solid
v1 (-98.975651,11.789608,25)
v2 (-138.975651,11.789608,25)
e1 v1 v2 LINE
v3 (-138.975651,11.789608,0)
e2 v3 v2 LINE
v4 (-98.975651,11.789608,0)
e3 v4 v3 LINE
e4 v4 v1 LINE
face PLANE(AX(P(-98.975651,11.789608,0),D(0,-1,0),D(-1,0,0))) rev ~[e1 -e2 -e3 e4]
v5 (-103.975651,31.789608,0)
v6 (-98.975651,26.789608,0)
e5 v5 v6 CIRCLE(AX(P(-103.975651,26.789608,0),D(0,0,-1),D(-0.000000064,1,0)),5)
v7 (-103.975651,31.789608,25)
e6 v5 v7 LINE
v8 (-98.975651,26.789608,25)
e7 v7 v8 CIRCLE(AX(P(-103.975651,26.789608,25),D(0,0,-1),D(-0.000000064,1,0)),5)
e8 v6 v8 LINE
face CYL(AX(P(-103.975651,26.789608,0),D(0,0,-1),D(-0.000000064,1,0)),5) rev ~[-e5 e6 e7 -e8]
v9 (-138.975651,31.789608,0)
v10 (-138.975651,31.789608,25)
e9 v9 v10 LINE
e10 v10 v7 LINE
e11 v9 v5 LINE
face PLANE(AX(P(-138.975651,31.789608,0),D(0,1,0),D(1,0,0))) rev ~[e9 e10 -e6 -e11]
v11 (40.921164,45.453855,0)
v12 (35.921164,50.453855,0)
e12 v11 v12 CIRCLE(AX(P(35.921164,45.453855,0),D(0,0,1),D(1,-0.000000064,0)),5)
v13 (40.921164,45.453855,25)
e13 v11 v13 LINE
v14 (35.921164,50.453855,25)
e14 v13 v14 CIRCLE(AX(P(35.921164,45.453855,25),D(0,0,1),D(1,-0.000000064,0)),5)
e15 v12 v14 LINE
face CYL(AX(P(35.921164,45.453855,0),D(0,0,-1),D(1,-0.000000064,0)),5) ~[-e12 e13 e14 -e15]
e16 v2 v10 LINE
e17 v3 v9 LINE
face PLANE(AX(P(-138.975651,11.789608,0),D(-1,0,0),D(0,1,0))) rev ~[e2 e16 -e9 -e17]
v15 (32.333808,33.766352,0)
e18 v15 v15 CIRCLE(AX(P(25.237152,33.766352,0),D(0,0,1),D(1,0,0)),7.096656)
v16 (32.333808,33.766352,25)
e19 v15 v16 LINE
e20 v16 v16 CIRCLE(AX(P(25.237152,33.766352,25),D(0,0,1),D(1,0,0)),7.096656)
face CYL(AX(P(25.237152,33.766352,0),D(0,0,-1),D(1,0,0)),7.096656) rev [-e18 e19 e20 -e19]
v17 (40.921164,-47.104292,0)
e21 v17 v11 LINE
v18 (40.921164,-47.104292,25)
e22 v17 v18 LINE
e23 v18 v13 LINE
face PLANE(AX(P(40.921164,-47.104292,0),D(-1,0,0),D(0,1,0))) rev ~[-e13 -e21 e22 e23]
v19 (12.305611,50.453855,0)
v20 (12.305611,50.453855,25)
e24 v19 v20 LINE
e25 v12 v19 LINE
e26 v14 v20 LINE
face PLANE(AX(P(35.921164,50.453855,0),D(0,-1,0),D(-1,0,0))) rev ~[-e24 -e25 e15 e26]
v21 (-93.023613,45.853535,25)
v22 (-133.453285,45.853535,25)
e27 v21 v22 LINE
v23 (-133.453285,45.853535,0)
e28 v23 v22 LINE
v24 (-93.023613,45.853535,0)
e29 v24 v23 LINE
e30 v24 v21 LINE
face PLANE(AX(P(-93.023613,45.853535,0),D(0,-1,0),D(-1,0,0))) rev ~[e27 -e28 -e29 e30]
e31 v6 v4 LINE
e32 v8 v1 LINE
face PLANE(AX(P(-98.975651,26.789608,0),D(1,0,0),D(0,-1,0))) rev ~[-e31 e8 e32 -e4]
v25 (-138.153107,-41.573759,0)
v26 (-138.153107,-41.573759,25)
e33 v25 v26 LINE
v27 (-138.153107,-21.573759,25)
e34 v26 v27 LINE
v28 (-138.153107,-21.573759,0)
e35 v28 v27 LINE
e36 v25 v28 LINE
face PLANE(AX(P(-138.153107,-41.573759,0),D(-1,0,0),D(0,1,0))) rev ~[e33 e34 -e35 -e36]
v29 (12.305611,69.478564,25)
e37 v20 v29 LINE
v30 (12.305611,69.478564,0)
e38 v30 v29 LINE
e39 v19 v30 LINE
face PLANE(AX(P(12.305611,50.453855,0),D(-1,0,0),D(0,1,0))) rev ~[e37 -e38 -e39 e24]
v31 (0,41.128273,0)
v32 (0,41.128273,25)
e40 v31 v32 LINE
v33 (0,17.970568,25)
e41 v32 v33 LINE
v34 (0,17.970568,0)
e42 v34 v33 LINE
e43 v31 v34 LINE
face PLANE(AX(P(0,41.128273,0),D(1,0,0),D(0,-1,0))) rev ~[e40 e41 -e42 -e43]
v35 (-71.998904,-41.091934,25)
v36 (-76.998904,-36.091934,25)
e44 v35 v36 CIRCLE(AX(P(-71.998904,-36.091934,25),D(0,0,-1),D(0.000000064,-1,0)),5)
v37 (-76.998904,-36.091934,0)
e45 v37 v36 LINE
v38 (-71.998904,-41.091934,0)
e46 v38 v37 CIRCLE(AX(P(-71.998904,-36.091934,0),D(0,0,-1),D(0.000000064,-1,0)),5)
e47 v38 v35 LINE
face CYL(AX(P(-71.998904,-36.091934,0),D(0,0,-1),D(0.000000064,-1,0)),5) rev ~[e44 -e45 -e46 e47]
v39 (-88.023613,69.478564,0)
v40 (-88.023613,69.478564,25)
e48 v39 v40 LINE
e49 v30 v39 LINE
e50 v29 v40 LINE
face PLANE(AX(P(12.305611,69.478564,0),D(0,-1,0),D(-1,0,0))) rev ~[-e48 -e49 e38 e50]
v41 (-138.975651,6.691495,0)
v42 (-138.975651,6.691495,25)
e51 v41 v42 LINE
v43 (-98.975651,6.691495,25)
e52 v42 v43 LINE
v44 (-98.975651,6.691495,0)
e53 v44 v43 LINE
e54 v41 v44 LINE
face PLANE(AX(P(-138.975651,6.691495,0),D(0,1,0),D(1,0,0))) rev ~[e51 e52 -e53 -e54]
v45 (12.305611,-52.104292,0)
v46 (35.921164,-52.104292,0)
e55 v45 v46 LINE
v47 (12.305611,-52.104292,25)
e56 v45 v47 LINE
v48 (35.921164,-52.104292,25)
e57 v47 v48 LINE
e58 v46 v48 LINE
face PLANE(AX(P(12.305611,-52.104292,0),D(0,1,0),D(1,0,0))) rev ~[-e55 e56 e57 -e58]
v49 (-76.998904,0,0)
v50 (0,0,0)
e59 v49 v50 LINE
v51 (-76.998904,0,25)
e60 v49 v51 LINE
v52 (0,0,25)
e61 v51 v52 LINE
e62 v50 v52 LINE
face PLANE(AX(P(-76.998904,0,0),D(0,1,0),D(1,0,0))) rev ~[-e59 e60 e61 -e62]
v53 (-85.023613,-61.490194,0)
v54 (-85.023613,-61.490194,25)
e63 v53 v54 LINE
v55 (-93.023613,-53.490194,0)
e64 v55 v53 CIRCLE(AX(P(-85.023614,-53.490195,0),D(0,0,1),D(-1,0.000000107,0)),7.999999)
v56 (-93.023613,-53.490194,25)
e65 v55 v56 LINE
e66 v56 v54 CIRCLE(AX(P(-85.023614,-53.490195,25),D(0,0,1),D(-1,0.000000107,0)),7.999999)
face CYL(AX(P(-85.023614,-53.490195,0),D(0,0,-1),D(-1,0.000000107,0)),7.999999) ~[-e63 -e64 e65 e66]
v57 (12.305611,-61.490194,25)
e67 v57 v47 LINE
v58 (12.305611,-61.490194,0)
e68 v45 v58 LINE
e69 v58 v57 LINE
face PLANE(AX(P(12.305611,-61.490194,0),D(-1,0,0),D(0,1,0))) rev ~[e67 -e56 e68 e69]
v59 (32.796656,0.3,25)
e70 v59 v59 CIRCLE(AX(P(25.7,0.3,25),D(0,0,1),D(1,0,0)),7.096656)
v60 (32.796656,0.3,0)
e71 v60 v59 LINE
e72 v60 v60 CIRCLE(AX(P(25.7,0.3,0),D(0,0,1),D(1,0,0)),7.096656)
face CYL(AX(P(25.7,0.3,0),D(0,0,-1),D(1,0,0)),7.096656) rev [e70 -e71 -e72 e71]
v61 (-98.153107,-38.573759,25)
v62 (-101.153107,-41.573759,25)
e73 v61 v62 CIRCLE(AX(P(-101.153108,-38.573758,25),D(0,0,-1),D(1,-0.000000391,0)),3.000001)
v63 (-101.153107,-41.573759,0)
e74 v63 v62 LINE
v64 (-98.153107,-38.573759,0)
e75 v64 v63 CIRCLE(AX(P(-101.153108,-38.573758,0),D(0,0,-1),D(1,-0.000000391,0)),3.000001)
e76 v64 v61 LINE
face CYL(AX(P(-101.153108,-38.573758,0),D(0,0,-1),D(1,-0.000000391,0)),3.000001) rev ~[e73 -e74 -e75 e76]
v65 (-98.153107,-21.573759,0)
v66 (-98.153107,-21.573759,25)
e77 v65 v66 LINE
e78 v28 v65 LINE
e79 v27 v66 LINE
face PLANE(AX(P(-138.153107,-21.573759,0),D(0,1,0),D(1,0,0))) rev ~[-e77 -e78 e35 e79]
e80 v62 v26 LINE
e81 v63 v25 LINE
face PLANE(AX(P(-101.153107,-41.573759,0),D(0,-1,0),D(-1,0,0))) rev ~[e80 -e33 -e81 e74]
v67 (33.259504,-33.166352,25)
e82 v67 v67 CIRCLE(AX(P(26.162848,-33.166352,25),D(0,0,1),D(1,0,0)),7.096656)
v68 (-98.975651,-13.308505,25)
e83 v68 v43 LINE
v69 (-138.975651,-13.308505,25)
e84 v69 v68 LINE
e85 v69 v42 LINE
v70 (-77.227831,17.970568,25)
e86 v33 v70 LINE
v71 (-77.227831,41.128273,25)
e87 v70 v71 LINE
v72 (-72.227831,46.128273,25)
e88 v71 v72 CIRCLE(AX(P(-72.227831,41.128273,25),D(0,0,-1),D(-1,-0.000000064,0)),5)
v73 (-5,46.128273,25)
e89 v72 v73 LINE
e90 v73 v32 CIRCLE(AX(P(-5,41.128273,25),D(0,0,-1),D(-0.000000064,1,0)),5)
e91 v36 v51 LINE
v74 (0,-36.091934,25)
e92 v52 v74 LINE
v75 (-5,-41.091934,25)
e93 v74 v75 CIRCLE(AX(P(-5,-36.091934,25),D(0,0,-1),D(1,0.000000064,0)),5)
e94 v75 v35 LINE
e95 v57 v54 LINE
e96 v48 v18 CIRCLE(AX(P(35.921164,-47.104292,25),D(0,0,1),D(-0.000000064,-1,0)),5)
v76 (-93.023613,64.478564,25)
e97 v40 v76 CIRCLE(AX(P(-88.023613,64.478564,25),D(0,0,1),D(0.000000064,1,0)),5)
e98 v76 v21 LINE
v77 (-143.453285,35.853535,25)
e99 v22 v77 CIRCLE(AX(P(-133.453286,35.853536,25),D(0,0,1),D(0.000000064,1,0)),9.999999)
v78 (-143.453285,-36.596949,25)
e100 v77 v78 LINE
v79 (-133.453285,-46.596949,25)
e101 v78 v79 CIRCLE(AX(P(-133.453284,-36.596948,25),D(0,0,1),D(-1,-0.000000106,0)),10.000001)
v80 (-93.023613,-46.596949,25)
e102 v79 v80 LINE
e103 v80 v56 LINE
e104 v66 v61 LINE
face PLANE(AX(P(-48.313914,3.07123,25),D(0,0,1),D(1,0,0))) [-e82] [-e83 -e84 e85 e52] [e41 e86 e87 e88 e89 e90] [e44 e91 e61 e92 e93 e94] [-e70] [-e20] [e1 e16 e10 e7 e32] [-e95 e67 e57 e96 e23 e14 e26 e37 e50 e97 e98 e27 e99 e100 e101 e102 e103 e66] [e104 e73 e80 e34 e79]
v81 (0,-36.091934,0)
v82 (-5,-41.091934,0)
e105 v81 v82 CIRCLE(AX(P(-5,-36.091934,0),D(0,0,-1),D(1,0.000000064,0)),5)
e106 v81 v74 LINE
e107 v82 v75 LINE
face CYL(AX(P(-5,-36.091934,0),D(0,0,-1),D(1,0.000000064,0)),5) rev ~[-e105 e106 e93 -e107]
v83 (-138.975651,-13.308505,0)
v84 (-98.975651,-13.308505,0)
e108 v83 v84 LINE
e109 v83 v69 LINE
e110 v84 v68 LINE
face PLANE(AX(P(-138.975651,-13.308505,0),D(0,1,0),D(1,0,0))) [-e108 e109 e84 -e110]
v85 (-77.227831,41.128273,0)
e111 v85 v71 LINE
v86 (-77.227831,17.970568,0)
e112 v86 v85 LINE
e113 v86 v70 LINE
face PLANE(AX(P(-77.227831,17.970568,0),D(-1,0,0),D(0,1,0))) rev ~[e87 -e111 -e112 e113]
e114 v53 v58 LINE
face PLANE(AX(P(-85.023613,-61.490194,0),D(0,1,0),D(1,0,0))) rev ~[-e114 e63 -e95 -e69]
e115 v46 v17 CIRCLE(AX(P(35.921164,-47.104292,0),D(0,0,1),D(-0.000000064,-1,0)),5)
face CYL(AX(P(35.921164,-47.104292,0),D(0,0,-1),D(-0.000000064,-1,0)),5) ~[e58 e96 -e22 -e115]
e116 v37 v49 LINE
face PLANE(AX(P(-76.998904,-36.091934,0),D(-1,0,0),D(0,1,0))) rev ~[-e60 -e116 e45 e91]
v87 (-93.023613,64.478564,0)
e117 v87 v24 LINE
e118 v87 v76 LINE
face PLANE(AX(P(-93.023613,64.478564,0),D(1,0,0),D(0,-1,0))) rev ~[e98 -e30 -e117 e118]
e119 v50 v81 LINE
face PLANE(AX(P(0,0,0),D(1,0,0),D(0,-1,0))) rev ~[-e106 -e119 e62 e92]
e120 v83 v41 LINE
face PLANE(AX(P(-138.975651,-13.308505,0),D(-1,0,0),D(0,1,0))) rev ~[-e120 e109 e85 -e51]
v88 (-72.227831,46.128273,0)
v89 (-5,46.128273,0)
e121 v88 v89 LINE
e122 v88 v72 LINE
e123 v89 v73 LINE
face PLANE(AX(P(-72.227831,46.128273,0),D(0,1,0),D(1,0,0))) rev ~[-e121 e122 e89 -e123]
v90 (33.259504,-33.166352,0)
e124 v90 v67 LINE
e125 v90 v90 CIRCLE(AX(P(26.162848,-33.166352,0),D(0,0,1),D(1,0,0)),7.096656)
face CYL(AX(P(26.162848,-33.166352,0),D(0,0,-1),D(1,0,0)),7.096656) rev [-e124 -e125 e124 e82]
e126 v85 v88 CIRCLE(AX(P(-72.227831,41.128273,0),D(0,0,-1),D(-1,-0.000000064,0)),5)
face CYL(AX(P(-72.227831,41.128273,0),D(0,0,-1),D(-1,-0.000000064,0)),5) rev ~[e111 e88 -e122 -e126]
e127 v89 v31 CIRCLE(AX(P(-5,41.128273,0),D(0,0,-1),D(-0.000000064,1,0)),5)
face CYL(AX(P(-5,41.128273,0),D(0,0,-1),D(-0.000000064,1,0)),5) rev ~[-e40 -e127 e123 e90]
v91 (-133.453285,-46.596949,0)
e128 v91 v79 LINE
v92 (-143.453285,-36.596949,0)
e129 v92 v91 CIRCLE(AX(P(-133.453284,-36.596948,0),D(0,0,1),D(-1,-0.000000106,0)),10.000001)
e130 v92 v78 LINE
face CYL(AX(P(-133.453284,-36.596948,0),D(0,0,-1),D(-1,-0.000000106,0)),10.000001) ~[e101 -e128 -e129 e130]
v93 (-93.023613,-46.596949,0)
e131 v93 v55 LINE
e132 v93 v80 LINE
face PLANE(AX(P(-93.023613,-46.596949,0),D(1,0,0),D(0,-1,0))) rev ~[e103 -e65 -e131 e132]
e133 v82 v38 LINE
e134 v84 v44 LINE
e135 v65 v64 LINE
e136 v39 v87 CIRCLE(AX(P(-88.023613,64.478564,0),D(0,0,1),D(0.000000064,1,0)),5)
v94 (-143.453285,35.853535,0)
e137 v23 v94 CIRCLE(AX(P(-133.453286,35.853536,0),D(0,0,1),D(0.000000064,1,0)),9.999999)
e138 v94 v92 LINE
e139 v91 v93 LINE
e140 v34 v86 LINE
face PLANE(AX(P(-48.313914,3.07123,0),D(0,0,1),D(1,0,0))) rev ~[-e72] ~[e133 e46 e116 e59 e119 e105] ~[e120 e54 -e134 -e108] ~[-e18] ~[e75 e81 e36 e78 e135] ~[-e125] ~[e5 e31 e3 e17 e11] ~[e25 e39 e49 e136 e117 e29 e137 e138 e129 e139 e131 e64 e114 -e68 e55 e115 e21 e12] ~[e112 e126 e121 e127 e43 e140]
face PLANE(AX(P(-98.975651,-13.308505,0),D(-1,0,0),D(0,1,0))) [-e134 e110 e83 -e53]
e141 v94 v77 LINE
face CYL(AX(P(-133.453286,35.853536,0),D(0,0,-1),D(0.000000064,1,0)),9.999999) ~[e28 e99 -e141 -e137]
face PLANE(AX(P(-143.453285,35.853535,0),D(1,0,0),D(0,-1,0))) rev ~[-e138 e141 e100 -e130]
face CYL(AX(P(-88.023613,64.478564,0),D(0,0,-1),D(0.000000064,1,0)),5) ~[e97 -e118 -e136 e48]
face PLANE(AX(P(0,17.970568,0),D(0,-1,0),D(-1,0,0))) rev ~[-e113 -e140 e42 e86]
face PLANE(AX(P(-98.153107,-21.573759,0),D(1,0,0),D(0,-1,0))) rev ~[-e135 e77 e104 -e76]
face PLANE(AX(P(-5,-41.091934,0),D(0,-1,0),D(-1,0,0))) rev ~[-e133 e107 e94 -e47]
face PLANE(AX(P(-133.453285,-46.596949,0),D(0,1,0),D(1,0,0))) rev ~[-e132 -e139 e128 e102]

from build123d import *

# Parameters (mm, degrees)
F0_W     = 40
F0_H     = 20
F0_R     = 7.096656
F1_DEPTH = 25
F2_R     = 5
F3_DEPTH = 25


with BuildPart() as f1:
    # F0 (on Top) → F1 (new body)
    with BuildSketch(Plane.XY):
        with BuildLine():
            ThreePointArc((-133.453285, 45.853535), (-140.524353, 42.924603), (-143.453285, 35.853535))
            Line((-143.453285, 35.853535), (-143.453285, -36.596949))
            ThreePointArc((-143.453285, -36.596949), (-140.524353, -43.668016), (-133.453285, -46.596949))
            Line((-133.453285, -46.596949), (-93.023613, -46.596949))
            Line((-93.023613, -46.596949), (-93.023613, -53.490194))
            ThreePointArc((-93.023613, -53.490194), (-90.680467, -59.147049), (-85.023613, -61.490194))
            Line((-85.023613, -61.490194), (12.305611, -61.490194))
            Line((12.305611, -61.490194), (12.305611, -52.104292))
            Line((12.305611, -52.104292), (35.921164, -52.104292))
            ThreePointArc((35.921164, -52.104292), (39.456698, -50.639826), (40.921164, -47.104292))
            Line((40.921164, -47.104292), (40.921164, 45.453855))
            ThreePointArc((40.921164, 45.453855), (39.456698, 48.989389), (35.921164, 50.453855))
            Line((35.921164, 50.453855), (12.305611, 50.453855))
            Line((12.305611, 50.453855), (12.305611, 69.478564))
            Line((12.305611, 69.478564), (-88.023613, 69.478564))
            ThreePointArc((-88.023613, 69.478564), (-91.559147, 68.014098), (-93.023613, 64.478564))
            Line((-93.023613, 64.478564), (-93.023613, 45.853535))
            Line((-93.023613, 45.853535), (-133.453285, 45.853535))
        make_face()
        with BuildLine():
            Line((-138.153107, -41.573759), (-138.153107, -21.573759))
            Line((-138.153107, -21.573759), (-98.153107, -21.573759))
            Line((-98.153107, -21.573759), (-98.153107, -38.573759))
            ThreePointArc((-98.153107, -38.573759), (-99.031787, -40.695079), (-101.153107, -41.573759))
            Line((-101.153107, -41.573759), (-138.153107, -41.573759))
        make_face(mode=Mode.SUBTRACT)
        with Locations((-118.975651, -3.308505)):
            Rectangle(F0_W, F0_H, mode=Mode.SUBTRACT)
        with Locations((26.162848, -33.166352)):
            Circle(F0_R, mode=Mode.SUBTRACT)
        with BuildLine():
            Line((-76.998904, -36.091934), (-76.998904, 0))
            Line((-76.998904, 0), (0, 0))
            Line((0, 0), (0, -36.091934))
            ThreePointArc((0, -36.091934), (-1.464466, -39.627468), (-5, -41.091934))
            Line((-5, -41.091934), (-71.998904, -41.091934))
            ThreePointArc((-71.998904, -41.091934), (-75.534438, -39.627468), (-76.998904, -36.091934))
        make_face(mode=Mode.SUBTRACT)
        with Locations((25.7, 0.3)):
            Circle(F0_R, mode=Mode.SUBTRACT)
        with BuildLine():
            Line((-138.975651, 11.789608), (-138.975651, 31.789608))
            Line((-138.975651, 31.789608), (-103.975651, 31.789608))
            ThreePointArc((-103.975651, 31.789608), (-100.440117, 30.325142), (-98.975651, 26.789608))
            Line((-98.975651, 26.789608), (-98.975651, 11.789608))
            Line((-98.975651, 11.789608), (-138.975651, 11.789608))
        make_face(mode=Mode.SUBTRACT)
        with BuildLine():
            ThreePointArc((-77.227831, 41.128273), (-75.763365, 44.663807), (-72.227831, 46.128273))
            Line((-72.227831, 46.128273), (-5, 46.128273))
            ThreePointArc((-5, 46.128273), (-1.464466, 44.663807), (0, 41.128273))
            Line((0, 41.128273), (0, 17.970568))
            Line((0, 17.970568), (-77.227831, 17.970568))
            Line((-77.227831, 17.970568), (-77.227831, 41.128273))
        make_face(mode=Mode.SUBTRACT)
        with Locations((25.237152, 33.766352)):
            Circle(F0_R, mode=Mode.SUBTRACT)
    extrude(amount=F1_DEPTH)

    # F2
    f2_edges = [f1.edges().sort_by_distance(p)[0] for p in [
        (12.305611, -61.490194, 12.5),
        (-85.023613, -61.490194, 12.5),
    ]]
    fillet(f2_edges, radius=F2_R)

    # F0 (on Top) → F3 (join)
    with BuildSketch(Plane.XY):
        with BuildLine():
            ThreePointArc((-133.453285, 45.853535), (-140.524353, 42.924603), (-143.453285, 35.853535))
            Line((-143.453285, 35.853535), (-143.453285, -36.596949))
            ThreePointArc((-143.453285, -36.596949), (-140.524353, -43.668016), (-133.453285, -46.596949))
            Line((-133.453285, -46.596949), (-93.023613, -46.596949))
            Line((-93.023613, -46.596949), (-93.023613, -53.490194))
            ThreePointArc((-93.023613, -53.490194), (-90.680467, -59.147049), (-85.023613, -61.490194))
            Line((-85.023613, -61.490194), (12.305611, -61.490194))
            Line((12.305611, -61.490194), (12.305611, -52.104292))
            Line((12.305611, -52.104292), (35.921164, -52.104292))
            ThreePointArc((35.921164, -52.104292), (39.456698, -50.639826), (40.921164, -47.104292))
            Line((40.921164, -47.104292), (40.921164, 45.453855))
            ThreePointArc((40.921164, 45.453855), (39.456698, 48.989389), (35.921164, 50.453855))
            Line((35.921164, 50.453855), (12.305611, 50.453855))
            Line((12.305611, 50.453855), (12.305611, 69.478564))
            Line((12.305611, 69.478564), (-88.023613, 69.478564))
            ThreePointArc((-88.023613, 69.478564), (-91.559147, 68.014098), (-93.023613, 64.478564))
            Line((-93.023613, 64.478564), (-93.023613, 45.853535))
            Line((-93.023613, 45.853535), (-133.453285, 45.853535))
        make_face()
        with BuildLine():
            Line((-138.153107, -41.573759), (-138.153107, -21.573759))
            Line((-138.153107, -21.573759), (-98.153107, -21.573759))
            Line((-98.153107, -21.573759), (-98.153107, -38.573759))
            ThreePointArc((-98.153107, -38.573759), (-99.031787, -40.695079), (-101.153107, -41.573759))
            Line((-101.153107, -41.573759), (-138.153107, -41.573759))
        make_face(mode=Mode.SUBTRACT)
        with Locations((-118.975651, -3.308505)):
            Rectangle(F0_W, F0_H, mode=Mode.SUBTRACT)
        with Locations((26.162848, -33.166352)):
            Circle(F0_R, mode=Mode.SUBTRACT)
        with BuildLine():
            Line((-76.998904, -36.091934), (-76.998904, 0))
            Line((-76.998904, 0), (0, 0))
            Line((0, 0), (0, -36.091934))
            ThreePointArc((0, -36.091934), (-1.464466, -39.627468), (-5, -41.091934))
            Line((-5, -41.091934), (-71.998904, -41.091934))
            ThreePointArc((-71.998904, -41.091934), (-75.534438, -39.627468), (-76.998904, -36.091934))
        make_face(mode=Mode.SUBTRACT)
        with Locations((25.7, 0.3)):
            Circle(F0_R, mode=Mode.SUBTRACT)
        with BuildLine():
            Line((-138.975651, 11.789608), (-138.975651, 31.789608))
            Line((-138.975651, 31.789608), (-103.975651, 31.789608))
            ThreePointArc((-103.975651, 31.789608), (-100.440117, 30.325142), (-98.975651, 26.789608))
            Line((-98.975651, 26.789608), (-98.975651, 11.789608))
            Line((-98.975651, 11.789608), (-138.975651, 11.789608))
        make_face(mode=Mode.SUBTRACT)
        with BuildLine():
            ThreePointArc((-77.227831, 41.128273), (-75.763365, 44.663807), (-72.227831, 46.128273))
            Line((-72.227831, 46.128273), (-5, 46.128273))
            ThreePointArc((-5, 46.128273), (-1.464466, 44.663807), (0, 41.128273))
            Line((0, 41.128273), (0, 17.970568))
            Line((0, 17.970568), (-77.227831, 17.970568))
            Line((-77.227831, 17.970568), (-77.227831, 41.128273))
        make_face(mode=Mode.SUBTRACT)
        with Locations((25.237152, 33.766352)):
            Circle(F0_R, mode=Mode.SUBTRACT)
    extrude(amount=F3_DEPTH)


solid = f1.part
